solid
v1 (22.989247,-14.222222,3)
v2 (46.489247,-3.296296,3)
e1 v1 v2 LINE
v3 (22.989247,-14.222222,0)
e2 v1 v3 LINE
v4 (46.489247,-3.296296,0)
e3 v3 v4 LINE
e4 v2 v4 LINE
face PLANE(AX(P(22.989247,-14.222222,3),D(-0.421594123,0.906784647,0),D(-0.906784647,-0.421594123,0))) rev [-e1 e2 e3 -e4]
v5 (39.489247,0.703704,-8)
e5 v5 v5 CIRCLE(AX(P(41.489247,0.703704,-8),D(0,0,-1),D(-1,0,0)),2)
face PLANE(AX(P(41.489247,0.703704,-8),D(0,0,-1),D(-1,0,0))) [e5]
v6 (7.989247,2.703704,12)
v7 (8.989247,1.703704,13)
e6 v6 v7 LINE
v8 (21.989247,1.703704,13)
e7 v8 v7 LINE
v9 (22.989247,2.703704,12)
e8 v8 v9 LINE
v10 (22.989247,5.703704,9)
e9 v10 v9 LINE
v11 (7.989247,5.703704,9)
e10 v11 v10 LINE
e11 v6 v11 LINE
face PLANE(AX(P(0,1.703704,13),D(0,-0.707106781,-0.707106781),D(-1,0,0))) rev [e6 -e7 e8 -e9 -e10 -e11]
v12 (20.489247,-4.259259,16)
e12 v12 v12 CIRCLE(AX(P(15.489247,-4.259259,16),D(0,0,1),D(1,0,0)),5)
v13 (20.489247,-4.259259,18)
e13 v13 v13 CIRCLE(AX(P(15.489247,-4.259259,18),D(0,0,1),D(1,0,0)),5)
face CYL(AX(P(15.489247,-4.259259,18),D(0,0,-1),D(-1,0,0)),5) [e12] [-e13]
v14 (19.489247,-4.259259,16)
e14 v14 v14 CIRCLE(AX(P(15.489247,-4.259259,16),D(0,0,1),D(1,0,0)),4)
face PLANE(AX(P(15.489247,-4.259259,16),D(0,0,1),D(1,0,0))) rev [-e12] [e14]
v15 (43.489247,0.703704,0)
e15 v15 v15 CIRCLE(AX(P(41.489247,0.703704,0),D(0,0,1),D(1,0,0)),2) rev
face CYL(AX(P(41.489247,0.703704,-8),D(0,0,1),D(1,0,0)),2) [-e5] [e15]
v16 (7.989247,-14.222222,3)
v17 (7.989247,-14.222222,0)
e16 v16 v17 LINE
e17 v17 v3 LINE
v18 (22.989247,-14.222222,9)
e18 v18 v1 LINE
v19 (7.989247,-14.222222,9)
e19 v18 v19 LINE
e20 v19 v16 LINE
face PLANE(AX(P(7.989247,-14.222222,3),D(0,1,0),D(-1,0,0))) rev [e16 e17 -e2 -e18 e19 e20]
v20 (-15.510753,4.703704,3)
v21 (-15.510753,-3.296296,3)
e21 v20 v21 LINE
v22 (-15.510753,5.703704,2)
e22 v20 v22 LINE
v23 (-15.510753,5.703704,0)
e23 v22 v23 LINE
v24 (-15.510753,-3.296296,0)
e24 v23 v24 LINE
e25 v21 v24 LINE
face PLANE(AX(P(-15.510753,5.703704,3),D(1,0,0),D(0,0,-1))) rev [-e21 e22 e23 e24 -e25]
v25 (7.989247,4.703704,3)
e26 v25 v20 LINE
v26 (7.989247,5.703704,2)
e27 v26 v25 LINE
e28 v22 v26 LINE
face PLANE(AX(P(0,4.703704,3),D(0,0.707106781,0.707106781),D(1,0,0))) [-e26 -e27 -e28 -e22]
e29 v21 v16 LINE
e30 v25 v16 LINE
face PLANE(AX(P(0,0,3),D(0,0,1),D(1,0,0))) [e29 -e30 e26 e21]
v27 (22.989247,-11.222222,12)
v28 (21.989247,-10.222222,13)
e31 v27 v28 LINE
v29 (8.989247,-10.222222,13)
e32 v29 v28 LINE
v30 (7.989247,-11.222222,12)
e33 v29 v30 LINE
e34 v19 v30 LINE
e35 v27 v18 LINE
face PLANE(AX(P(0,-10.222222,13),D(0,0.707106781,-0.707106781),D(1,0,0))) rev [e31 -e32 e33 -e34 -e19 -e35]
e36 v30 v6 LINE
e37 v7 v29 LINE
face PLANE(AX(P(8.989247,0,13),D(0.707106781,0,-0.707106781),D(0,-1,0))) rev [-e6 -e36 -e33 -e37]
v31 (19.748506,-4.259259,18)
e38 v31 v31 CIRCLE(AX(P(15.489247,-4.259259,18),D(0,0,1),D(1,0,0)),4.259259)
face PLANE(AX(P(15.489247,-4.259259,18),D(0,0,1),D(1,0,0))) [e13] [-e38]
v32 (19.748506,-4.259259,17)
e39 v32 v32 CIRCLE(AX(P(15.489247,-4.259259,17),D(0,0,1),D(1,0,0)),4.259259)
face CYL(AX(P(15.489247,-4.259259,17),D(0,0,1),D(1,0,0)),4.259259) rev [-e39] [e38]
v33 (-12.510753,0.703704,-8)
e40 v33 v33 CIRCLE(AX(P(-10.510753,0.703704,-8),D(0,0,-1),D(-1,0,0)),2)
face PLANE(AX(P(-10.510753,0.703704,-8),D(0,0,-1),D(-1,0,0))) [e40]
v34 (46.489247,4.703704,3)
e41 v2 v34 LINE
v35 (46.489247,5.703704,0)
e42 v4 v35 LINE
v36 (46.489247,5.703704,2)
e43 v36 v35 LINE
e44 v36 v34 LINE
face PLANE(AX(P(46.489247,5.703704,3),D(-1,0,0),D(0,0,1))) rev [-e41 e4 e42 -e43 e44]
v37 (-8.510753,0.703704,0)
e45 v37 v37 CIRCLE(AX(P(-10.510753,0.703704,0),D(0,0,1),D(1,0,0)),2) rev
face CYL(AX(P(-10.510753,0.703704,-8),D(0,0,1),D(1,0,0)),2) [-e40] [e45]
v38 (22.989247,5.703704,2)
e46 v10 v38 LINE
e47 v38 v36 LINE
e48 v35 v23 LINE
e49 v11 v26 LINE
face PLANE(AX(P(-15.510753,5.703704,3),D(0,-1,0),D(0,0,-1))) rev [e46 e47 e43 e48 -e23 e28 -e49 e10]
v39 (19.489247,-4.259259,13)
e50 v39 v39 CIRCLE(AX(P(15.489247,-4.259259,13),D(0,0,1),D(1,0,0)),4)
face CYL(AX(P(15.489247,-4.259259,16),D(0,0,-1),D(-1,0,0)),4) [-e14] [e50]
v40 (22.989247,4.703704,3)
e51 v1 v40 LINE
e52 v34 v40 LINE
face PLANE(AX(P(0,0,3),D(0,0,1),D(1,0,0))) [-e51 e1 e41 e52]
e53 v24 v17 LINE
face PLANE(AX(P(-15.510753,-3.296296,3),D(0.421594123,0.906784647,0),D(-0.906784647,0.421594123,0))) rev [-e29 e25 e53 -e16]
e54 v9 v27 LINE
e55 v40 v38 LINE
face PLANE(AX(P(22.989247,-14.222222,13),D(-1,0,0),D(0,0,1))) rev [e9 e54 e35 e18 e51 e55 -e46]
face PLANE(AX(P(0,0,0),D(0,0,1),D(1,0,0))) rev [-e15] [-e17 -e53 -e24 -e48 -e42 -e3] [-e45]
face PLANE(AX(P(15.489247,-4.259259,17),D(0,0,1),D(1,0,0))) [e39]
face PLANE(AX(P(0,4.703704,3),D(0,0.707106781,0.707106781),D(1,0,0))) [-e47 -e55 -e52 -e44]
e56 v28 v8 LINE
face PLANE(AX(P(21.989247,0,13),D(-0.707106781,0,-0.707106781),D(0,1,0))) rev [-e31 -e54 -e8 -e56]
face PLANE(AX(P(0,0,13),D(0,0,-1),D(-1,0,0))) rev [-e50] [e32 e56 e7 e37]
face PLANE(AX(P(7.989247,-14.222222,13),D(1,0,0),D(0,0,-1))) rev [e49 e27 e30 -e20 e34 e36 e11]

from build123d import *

# Parameters (mm, degrees)
SALIENTE_EXTRUIR2_DEPTH = 3
CROQUIS2_R              = 2
SALIENTE_EXTRUIR3_DEPTH = 8
CROQUIS3_W              = 15
CROQUIS3_H              = 19.925925926
SALIENTE_EXTRUIR4_DEPTH = 10
CHAFL_N1_SIZE           = 4
CHAFL_N2_SIZE           = 1
CROQUIS4_R              = 4
SALIENTE_EXTRUIR5_DEPTH = 3
CROQUIS5_R              = 5
SALIENTE_EXTRUIR6_DEPTH = 2
CROQUIS6_R              = 4.259259259
CORTAR_EXTRUIR1_DEPTH   = 1
CHAFL_N3_SIZE           = 1


with BuildPart() as part:
    # Croquis1 → Saliente-Extruir2 (new body)
    with BuildSketch(Plane.XY):
        Polygon((-15.510753344, -3.296296296), (7.989246656, -14.222222222), (22.989246656, -14.222222222), (46.489246656, -3.296296296), (46.489246656, 5.703703704), (-15.510753344, 5.703703704), align=None)
    extrude(amount=SALIENTE_EXTRUIR2_DEPTH)

    # Croquis2 → Saliente-Extruir3 (add)
    with BuildSketch(Plane(origin=(0, 0, 0), x_dir=(-1, 0, 0), z_dir=(0, 0, -1))):
        with Locations(Location((-41.489246656, 0.703703704, 0), (0, 0, 180))):
            Circle(CROQUIS2_R)
        with Locations(Location((10.510753344, 0.703703704, 0), (0, 0, 180))):
            Circle(CROQUIS2_R)
    extrude(amount=SALIENTE_EXTRUIR3_DEPTH)

    # Croquis3 → Saliente-Extruir4 (add)
    with BuildSketch(Plane.XY.offset(3)):
        with Locations((15.489246656, -4.259259259)):
            Rectangle(CROQUIS3_W, CROQUIS3_H)
    extrude(amount=SALIENTE_EXTRUIR4_DEPTH)

    # Chaflán1
    chafl_n1_edges = [part.edges().sort_by_distance(p)[0] for p in [
        (15.489246656, -14.222222222, 13),
        (15.489246656, 5.703703704, 13),
    ]]
    chamfer(chafl_n1_edges, length=CHAFL_N1_SIZE)

    # Chaflán2
    chafl_n2_edges = [part.edges().sort_by_distance(p)[0] for p in [
        (7.989246656, -4.259259259, 13),
        (22.989246656, -4.259259259, 13),
    ]]
    chamfer(chafl_n2_edges, length=CHAFL_N2_SIZE)

    # Croquis4 → Saliente-Extruir5 (add)
    with BuildSketch(Plane.XY.offset(13)):
        with Locations((15.489246656, -4.259259259)):
            Circle(CROQUIS4_R)
    extrude(amount=SALIENTE_EXTRUIR5_DEPTH)

    # Croquis5 → Saliente-Extruir6 (add)
    with BuildSketch(Plane.XY.offset(16)):
        with Locations((15.489246656, -4.259259259)):
            Circle(CROQUIS5_R)
    extrude(amount=SALIENTE_EXTRUIR6_DEPTH)

    # Croquis6 → Cortar-Extruir1 (cut)
    with BuildSketch(Plane.XY.offset(18)):
        with Locations((15.489246656, -4.259259259)):
            Circle(CROQUIS6_R)
    extrude(amount=-CORTAR_EXTRUIR1_DEPTH, mode=Mode.SUBTRACT)

    # Chaflán3
    chafl_n3_edges = [part.edges().sort_by_distance(p)[0] for p in [
        (34.739246656, 5.703703704, 3),
        (-3.760753344, 5.703703704, 3),
    ]]
    chamfer(chafl_n3_edges, length=CHAFL_N3_SIZE)


solid = part.part
